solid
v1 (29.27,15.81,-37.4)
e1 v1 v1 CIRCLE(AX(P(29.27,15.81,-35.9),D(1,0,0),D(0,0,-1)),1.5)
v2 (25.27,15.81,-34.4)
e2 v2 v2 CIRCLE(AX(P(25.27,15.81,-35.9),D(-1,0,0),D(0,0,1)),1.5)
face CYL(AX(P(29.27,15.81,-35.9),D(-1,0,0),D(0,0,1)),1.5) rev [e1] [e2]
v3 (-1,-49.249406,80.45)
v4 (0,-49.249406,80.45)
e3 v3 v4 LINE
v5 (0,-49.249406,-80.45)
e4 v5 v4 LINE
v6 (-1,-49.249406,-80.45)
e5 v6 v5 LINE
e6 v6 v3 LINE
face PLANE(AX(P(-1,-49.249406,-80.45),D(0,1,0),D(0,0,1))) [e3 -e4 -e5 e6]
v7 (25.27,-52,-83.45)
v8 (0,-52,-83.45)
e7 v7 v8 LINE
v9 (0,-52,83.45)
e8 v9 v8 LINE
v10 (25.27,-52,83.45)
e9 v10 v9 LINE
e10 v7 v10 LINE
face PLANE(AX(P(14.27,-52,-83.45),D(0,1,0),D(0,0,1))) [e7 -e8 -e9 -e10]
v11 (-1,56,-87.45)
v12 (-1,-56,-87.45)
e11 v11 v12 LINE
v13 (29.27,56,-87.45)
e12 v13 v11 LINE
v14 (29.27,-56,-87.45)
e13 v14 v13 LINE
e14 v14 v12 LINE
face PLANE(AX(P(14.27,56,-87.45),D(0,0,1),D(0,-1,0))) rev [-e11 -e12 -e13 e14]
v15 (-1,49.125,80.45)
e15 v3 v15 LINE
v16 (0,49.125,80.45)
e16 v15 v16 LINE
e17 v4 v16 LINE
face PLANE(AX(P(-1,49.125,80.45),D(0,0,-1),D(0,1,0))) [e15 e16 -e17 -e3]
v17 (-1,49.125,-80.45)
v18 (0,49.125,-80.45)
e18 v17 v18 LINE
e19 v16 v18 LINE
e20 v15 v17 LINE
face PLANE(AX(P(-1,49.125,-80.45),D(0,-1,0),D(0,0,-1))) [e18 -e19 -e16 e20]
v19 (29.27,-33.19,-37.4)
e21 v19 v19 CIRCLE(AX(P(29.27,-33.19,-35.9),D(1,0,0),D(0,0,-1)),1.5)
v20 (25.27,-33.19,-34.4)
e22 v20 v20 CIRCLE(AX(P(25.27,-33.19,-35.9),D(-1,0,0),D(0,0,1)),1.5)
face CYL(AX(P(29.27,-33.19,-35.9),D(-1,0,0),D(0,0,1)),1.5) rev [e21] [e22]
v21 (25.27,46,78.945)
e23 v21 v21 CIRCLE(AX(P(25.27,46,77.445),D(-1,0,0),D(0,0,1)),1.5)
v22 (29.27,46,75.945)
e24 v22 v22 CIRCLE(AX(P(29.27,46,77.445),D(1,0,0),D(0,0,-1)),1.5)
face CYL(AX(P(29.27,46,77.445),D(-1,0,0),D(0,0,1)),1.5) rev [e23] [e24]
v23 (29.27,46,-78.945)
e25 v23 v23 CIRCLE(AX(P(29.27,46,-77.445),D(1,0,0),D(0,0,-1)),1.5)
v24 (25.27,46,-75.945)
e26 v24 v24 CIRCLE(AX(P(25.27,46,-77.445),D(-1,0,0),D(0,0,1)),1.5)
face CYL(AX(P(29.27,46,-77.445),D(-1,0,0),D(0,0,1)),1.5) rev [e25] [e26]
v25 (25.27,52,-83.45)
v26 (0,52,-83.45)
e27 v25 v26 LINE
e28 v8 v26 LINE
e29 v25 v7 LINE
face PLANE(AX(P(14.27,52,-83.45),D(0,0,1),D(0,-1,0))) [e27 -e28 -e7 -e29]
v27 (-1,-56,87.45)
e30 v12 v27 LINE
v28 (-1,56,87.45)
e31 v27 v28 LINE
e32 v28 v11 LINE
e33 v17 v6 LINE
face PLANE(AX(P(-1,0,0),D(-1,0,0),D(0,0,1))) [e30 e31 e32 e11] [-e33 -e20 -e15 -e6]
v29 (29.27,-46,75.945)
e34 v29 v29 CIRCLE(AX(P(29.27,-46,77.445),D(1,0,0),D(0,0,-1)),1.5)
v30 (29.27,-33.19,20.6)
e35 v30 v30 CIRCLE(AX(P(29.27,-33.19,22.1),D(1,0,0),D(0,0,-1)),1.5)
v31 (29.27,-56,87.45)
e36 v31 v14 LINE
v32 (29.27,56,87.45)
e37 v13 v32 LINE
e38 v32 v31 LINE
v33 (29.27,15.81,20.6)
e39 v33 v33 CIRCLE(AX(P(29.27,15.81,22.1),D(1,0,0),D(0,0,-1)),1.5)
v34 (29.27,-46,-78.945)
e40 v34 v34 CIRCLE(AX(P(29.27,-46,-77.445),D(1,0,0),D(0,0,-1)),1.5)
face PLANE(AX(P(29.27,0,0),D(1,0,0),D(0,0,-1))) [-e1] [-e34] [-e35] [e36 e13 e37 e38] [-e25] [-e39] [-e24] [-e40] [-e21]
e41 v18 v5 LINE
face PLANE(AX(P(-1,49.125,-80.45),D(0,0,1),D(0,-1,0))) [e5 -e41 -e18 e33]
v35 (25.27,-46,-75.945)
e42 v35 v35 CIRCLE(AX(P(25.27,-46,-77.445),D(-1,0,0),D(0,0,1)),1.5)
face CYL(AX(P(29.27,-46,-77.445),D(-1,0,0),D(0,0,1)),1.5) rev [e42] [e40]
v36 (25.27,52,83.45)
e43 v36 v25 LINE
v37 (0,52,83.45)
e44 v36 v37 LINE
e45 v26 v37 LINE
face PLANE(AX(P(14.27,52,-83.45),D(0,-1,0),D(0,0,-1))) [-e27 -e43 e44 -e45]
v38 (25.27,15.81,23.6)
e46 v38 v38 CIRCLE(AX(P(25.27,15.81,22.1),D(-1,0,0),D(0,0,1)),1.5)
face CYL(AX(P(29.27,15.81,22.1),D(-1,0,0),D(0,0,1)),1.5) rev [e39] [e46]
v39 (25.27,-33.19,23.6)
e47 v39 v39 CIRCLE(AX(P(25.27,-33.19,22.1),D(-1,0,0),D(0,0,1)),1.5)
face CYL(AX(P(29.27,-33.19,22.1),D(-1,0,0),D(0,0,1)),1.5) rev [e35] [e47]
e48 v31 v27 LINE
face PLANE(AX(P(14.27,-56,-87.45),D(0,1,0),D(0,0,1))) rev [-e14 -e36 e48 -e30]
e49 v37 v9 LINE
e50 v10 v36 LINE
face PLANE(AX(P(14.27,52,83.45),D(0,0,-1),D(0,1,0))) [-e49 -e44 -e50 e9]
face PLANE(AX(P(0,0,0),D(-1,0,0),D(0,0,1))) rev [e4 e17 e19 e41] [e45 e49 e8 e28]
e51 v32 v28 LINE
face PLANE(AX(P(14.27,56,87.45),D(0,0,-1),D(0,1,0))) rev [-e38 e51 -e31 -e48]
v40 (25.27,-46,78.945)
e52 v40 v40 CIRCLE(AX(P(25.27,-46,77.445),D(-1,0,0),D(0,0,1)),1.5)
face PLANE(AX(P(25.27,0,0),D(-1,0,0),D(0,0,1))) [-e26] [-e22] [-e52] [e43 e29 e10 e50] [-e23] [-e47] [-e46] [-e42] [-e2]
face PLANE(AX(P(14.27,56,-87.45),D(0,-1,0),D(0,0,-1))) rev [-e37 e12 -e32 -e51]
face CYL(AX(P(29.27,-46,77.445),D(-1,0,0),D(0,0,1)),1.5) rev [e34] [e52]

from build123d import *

# Parameters (mm, degrees)
CROQUIS1_W              = 164.9
CROQUIS1_H              = 102
SALIENTE_EXTRUIR2_DEPTH = 14.27
CROQUIS2_W              = 174.9
CROQUIS2_H              = 112
CROQUIS2_W_2            = 166.9
CROQUIS2_H_2            = 104
SALIENTE_EXTRUIR3_DEPTH = 14.27
CROQUIS3_W              = 174.9
CROQUIS3_H              = 112
CROQUIS3_W_2            = 160.9
CROQUIS3_H_2            = 98.374406292
SALIENTE_EXTRUIR5_DEPTH = 1
CROQUIS4_W              = 164.9
CROQUIS4_H              = 102
CORTAR_EXTRUIR2_DEPTH   = 14.27
CROQUIS6_W              = 174.9
CROQUIS6_H              = 112
CROQUIS6_R              = 1.5
SALIENTE_EXTRUIR6_DEPTH = 15
CROQUIS8_W              = 160.9
CROQUIS8_H              = 98.374406292
CORTAR_EXTRUIR3_DEPTH   = 9
CROQUIS9_W              = 166.9
CROQUIS9_H              = 104
CORTAR_EXTRUIR5_DEPTH   = 11


with BuildPart() as part:
    # Croquis1 → Saliente-Extruir2 (new body)
    with BuildSketch(Plane(origin=(0, 0, 0), x_dir=(0, 0, -1), z_dir=(1, 0, 0))):
        Rectangle(CROQUIS1_W, CROQUIS1_H)
    extrude(amount=SALIENTE_EXTRUIR2_DEPTH)

    # Croquis4 → Cortar-Extruir2 (cut)
    with BuildSketch(Plane(origin=(14.27, 0, 0), x_dir=(0, 0, -1), z_dir=(1, 0, 0))):
        Rectangle(CROQUIS4_W, CROQUIS4_H)
    extrude(amount=-CORTAR_EXTRUIR2_DEPTH, mode=Mode.SUBTRACT)


with BuildPart() as body_2:
    # Croquis2 → Saliente-Extruir3 (new body)
    with BuildSketch(Plane(origin=(0, 0, 0), x_dir=(0, 0, -1), z_dir=(1, 0, 0))):
        Rectangle(CROQUIS2_W, CROQUIS2_H)
        Rectangle(CROQUIS2_W_2, CROQUIS2_H_2, mode=Mode.SUBTRACT)
    extrude(amount=SALIENTE_EXTRUIR3_DEPTH)

    # Croquis3 → Saliente-Extruir5 (add)
    with BuildSketch(Plane.ZY):
        Rectangle(CROQUIS3_W, CROQUIS3_H)
        with Locations((0, -0.062203146)):
            Rectangle(CROQUIS3_W_2, CROQUIS3_H_2, mode=Mode.SUBTRACT)
    extrude(amount=SALIENTE_EXTRUIR5_DEPTH)

    # Croquis6 → Saliente-Extruir6 (add)
    with BuildSketch(Plane(origin=(14.27, 0, 0), x_dir=(0, 0, -1), z_dir=(1, 0, 0))):
        Rectangle(CROQUIS6_W, CROQUIS6_H)
        with Locations((-77.445, 46)):
            Circle(CROQUIS6_R, mode=Mode.SUBTRACT)
        with Locations((-77.445, -46)):
            Circle(CROQUIS6_R, mode=Mode.SUBTRACT)
        with Locations((-22.1, 15.81)):
            Circle(CROQUIS6_R, mode=Mode.SUBTRACT)
        with Locations((35.9, 15.81)):
            Circle(CROQUIS6_R, mode=Mode.SUBTRACT)
        with Locations((-22.1, -33.19)):
            Circle(CROQUIS6_R, mode=Mode.SUBTRACT)
        with Locations((35.9, -33.19)):
            Circle(CROQUIS6_R, mode=Mode.SUBTRACT)
        with Locations((77.445, 46)):
            Circle(CROQUIS6_R, mode=Mode.SUBTRACT)
        with Locations((77.445, -46)):
            Circle(CROQUIS6_R, mode=Mode.SUBTRACT)
    extrude(amount=SALIENTE_EXTRUIR6_DEPTH)

    # Croquis8 → Cortar-Extruir3 (cut)
    with BuildSketch(Plane.ZY.offset(-14.27)):
        with Locations((0, -0.062203146)):
            Rectangle(CROQUIS8_W, CROQUIS8_H)
    extrude(amount=-CORTAR_EXTRUIR3_DEPTH, mode=Mode.SUBTRACT)

    # Croquis9 → Cortar-Extruir5 (cut)
    with BuildSketch(Plane.ZY.offset(-14.27)):
        Rectangle(CROQUIS9_W, CROQUIS9_H)
    extrude(amount=-CORTAR_EXTRUIR5_DEPTH, mode=Mode.SUBTRACT)


solid = body_2.part
